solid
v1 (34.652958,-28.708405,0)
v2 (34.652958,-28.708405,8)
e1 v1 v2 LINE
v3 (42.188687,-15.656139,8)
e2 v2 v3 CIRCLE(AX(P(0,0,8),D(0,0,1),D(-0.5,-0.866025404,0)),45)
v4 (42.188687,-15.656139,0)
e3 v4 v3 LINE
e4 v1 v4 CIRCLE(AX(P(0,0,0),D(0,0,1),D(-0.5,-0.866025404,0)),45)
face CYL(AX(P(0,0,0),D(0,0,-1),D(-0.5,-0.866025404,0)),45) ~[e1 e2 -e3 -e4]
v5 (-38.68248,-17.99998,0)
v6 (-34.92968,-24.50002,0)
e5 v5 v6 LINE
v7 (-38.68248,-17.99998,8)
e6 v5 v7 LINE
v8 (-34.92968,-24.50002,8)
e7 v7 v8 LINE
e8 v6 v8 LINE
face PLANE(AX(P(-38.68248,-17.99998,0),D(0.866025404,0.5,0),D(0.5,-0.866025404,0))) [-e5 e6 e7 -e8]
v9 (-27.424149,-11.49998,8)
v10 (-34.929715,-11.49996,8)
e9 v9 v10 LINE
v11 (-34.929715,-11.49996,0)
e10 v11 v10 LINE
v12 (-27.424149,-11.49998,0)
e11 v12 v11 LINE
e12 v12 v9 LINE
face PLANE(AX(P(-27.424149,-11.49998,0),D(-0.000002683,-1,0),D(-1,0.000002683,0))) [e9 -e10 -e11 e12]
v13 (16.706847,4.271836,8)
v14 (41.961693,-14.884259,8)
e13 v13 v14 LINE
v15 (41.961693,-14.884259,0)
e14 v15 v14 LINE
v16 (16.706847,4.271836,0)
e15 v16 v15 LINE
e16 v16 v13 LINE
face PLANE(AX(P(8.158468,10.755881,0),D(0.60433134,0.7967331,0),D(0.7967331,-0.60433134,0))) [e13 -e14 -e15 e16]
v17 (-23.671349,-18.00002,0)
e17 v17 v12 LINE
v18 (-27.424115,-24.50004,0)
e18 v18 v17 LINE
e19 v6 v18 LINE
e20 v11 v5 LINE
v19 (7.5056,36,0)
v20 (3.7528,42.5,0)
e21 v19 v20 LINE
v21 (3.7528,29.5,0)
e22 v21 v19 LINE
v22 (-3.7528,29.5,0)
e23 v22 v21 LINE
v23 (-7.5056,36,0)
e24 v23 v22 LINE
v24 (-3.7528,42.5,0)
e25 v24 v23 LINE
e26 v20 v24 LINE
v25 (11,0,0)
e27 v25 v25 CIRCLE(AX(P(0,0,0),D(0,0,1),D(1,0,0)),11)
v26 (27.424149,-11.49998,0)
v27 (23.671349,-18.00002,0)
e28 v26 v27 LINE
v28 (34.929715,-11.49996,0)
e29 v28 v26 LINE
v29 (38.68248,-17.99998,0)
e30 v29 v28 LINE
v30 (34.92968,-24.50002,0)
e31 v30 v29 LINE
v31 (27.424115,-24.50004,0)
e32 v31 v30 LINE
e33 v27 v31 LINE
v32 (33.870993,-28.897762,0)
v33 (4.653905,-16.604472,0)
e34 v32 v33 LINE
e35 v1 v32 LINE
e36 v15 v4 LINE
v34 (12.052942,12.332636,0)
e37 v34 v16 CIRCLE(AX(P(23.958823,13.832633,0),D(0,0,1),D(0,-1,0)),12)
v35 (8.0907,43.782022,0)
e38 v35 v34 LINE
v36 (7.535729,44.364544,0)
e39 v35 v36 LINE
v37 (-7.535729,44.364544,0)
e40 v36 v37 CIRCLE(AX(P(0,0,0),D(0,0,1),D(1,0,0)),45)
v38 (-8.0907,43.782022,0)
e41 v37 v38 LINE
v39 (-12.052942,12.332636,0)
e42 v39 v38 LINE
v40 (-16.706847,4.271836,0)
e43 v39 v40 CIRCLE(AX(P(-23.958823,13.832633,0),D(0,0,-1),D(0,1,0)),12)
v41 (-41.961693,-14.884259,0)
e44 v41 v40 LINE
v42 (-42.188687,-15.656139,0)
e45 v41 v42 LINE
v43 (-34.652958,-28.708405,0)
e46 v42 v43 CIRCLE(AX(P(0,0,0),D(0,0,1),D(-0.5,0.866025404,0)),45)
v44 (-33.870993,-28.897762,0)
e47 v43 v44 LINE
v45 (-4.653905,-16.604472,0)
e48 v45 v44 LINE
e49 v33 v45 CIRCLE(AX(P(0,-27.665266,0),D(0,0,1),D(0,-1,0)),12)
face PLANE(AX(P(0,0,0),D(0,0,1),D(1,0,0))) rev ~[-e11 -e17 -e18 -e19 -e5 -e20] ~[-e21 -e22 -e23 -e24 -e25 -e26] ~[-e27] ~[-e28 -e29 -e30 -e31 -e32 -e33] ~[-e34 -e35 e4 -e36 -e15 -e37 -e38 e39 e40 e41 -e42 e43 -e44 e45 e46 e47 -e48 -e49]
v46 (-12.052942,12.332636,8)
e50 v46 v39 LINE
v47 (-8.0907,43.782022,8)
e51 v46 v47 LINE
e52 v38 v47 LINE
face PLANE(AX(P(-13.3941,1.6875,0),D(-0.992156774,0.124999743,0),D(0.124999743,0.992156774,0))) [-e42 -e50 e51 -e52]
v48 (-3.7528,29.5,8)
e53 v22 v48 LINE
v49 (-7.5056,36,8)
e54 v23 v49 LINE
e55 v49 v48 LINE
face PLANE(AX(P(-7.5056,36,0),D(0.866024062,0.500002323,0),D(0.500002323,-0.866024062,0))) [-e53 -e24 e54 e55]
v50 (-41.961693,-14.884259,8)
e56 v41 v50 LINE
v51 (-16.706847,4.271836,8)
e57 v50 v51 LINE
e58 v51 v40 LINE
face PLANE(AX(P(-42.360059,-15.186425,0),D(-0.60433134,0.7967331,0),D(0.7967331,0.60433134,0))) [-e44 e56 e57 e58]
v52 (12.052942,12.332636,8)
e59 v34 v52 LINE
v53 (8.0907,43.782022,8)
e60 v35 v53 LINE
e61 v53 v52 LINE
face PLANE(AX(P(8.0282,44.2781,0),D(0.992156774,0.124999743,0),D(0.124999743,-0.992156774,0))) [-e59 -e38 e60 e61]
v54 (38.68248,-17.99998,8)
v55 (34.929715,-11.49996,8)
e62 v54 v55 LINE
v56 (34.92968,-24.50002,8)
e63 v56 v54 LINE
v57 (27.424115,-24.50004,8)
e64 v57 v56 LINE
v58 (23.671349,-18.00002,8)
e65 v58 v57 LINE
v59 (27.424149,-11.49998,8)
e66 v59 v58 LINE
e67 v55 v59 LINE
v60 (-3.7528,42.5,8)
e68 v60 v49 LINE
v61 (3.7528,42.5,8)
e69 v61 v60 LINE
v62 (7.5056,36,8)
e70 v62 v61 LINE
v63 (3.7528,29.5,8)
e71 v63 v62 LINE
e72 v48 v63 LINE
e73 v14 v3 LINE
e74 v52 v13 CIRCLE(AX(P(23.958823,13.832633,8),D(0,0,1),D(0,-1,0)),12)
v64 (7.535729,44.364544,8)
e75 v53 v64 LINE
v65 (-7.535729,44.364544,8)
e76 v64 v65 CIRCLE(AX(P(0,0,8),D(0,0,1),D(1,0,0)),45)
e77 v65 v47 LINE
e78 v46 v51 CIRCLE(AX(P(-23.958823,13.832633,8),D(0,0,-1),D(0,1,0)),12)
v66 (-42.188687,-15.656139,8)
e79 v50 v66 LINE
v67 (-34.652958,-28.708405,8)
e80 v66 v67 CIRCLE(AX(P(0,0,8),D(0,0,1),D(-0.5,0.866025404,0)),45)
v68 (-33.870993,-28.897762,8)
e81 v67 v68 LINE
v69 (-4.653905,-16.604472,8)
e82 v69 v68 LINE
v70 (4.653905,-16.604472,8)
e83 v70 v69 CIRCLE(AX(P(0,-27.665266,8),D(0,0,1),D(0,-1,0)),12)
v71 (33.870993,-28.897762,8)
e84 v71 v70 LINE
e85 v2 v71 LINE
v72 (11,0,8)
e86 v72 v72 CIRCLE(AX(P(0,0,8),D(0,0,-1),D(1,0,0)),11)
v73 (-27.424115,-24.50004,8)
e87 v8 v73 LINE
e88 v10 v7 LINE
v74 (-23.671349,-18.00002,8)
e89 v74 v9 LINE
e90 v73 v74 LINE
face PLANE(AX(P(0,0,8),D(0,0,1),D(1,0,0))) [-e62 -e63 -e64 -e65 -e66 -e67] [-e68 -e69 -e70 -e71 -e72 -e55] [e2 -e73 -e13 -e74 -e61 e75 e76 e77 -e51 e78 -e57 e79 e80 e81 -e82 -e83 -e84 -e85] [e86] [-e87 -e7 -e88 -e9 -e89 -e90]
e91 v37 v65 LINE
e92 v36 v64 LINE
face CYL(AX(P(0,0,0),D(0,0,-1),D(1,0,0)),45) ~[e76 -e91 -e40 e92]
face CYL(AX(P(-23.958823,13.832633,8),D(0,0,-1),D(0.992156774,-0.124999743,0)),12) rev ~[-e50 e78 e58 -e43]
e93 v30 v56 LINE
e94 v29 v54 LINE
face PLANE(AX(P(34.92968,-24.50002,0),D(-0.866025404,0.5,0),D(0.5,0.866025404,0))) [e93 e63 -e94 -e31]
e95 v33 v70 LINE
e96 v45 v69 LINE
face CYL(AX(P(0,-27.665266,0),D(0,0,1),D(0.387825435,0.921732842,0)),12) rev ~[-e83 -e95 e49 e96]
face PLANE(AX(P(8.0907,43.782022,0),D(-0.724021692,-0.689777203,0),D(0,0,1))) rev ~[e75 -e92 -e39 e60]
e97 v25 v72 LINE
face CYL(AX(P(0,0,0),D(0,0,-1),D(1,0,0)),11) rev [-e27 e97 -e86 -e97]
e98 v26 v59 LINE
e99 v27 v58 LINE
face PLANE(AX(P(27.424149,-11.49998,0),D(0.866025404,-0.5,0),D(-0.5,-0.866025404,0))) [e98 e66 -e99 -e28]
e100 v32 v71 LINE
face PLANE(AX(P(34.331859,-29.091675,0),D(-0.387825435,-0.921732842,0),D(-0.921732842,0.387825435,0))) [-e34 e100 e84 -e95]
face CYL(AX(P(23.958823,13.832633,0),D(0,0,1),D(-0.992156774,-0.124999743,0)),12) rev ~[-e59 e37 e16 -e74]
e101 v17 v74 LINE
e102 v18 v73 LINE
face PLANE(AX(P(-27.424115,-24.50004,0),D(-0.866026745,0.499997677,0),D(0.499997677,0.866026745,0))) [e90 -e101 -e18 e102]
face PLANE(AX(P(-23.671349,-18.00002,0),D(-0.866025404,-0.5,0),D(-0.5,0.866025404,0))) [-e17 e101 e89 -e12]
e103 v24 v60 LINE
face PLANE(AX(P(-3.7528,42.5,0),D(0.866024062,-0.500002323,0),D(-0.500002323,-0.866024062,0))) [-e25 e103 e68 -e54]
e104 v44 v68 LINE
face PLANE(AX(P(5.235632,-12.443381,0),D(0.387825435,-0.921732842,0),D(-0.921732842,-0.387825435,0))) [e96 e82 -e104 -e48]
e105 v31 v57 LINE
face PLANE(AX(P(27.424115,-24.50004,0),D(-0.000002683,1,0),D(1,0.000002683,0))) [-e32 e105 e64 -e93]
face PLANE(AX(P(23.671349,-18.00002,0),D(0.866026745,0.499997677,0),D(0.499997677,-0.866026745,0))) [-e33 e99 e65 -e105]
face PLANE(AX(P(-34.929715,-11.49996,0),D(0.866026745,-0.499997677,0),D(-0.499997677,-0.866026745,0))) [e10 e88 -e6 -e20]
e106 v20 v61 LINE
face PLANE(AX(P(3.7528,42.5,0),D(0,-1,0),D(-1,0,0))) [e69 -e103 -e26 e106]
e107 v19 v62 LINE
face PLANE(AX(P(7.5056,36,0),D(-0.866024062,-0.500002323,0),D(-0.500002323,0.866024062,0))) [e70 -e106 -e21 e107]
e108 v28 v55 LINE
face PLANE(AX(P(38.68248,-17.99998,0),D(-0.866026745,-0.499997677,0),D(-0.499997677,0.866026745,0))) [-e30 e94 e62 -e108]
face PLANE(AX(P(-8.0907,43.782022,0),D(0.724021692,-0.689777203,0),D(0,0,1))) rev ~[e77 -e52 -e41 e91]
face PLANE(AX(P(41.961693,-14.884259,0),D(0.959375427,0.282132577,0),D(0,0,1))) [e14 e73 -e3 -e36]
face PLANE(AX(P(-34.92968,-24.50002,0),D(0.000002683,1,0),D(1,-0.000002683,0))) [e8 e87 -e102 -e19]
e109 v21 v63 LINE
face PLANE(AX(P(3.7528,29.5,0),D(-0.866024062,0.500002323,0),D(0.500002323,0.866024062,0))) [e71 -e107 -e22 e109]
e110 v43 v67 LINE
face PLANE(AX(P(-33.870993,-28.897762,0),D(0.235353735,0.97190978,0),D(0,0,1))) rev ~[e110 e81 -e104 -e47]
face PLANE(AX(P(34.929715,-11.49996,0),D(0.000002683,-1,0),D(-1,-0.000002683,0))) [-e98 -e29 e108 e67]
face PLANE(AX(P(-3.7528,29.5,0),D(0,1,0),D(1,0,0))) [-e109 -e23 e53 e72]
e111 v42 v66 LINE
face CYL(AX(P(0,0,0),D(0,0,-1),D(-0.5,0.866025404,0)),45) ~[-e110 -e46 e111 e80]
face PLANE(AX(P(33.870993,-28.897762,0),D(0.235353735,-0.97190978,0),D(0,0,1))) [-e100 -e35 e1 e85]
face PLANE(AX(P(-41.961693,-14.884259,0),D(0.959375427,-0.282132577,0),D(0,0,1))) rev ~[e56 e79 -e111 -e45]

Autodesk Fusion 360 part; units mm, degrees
sketch "Sketch1" plane through (0, 0, 0) normal (0, 0, 1) x (1, 0, 0)
  circle A0 centre (0, 0) radius 45
  circle A1 centre (0, 0) radius 11
  circle A2 centre (0, 0) radius 4
  circle A3 centre (0, 0) radius 13.5
  line L0 (7.5056, 36) -> (3.7528, 42.5)
  line L1 (3.7528, 42.5) -> (-3.7528, 42.5)
  line L2 (-3.7528, 42.5) -> (-7.5056, 36)
  line L3 (-7.5056, 36) -> (-3.7528, 29.5)
  line L4 (-3.7528, 29.5) -> (3.7528, 29.5)
  line L5 (3.7528, 29.5) -> (7.5056, 36)
  line L6 (0, 0) -> (0, 29.5) construction
  circle A4 centre (0, 36) radius 9 construction
  line L7 (-13.3941, 1.6875) -> (-8.0282, 44.2781)
  line L8 (8.0282, 44.2781) -> (13.3941, 1.6875)
  point P0 (0, 36)
  dimension "d1" = 90
  dimension "d2" = 22
  dimension "d3" = 8
  dimension "d4" = 2.5
  dimension "d5" = 6.5
  dimension "d6" = 29.5
extrude "Extrude1" add sketch "Sketch1" along normal blind 8 contours A0 A3 L7 L8 | A3 picked at (0, 24.1667) makes body 1
pattern_circular "C-Pattern1" count 3 over 360 about axis through (0, 0, 1.75) along (0, 0, 1) of bodies 1 makes body 2 at (-20.0614, -11.8988, 0) makes body 3 at (20.3354, -11.4242, 0)
combine "Combine1" operation add target body 1 tool bodies 3 2
fillet "Fillet1" radius 12 3 edges at (12.6841, 7.3232, 4) (-12.6841, 7.3232, 4) (0, -14.6463, 4) on bodies 1
chamfer "Chamfer1" distance 0.5 angle 45 6 edges at (-8.0282, 44.2781, 4) (8.0282, 44.2781, 4) (42.36, -15.1864, 4) (-42.36, -15.1864, 4) (-34.3318, -29.0917, 4) (34.3318, -29.0917, 4) on bodies 1
